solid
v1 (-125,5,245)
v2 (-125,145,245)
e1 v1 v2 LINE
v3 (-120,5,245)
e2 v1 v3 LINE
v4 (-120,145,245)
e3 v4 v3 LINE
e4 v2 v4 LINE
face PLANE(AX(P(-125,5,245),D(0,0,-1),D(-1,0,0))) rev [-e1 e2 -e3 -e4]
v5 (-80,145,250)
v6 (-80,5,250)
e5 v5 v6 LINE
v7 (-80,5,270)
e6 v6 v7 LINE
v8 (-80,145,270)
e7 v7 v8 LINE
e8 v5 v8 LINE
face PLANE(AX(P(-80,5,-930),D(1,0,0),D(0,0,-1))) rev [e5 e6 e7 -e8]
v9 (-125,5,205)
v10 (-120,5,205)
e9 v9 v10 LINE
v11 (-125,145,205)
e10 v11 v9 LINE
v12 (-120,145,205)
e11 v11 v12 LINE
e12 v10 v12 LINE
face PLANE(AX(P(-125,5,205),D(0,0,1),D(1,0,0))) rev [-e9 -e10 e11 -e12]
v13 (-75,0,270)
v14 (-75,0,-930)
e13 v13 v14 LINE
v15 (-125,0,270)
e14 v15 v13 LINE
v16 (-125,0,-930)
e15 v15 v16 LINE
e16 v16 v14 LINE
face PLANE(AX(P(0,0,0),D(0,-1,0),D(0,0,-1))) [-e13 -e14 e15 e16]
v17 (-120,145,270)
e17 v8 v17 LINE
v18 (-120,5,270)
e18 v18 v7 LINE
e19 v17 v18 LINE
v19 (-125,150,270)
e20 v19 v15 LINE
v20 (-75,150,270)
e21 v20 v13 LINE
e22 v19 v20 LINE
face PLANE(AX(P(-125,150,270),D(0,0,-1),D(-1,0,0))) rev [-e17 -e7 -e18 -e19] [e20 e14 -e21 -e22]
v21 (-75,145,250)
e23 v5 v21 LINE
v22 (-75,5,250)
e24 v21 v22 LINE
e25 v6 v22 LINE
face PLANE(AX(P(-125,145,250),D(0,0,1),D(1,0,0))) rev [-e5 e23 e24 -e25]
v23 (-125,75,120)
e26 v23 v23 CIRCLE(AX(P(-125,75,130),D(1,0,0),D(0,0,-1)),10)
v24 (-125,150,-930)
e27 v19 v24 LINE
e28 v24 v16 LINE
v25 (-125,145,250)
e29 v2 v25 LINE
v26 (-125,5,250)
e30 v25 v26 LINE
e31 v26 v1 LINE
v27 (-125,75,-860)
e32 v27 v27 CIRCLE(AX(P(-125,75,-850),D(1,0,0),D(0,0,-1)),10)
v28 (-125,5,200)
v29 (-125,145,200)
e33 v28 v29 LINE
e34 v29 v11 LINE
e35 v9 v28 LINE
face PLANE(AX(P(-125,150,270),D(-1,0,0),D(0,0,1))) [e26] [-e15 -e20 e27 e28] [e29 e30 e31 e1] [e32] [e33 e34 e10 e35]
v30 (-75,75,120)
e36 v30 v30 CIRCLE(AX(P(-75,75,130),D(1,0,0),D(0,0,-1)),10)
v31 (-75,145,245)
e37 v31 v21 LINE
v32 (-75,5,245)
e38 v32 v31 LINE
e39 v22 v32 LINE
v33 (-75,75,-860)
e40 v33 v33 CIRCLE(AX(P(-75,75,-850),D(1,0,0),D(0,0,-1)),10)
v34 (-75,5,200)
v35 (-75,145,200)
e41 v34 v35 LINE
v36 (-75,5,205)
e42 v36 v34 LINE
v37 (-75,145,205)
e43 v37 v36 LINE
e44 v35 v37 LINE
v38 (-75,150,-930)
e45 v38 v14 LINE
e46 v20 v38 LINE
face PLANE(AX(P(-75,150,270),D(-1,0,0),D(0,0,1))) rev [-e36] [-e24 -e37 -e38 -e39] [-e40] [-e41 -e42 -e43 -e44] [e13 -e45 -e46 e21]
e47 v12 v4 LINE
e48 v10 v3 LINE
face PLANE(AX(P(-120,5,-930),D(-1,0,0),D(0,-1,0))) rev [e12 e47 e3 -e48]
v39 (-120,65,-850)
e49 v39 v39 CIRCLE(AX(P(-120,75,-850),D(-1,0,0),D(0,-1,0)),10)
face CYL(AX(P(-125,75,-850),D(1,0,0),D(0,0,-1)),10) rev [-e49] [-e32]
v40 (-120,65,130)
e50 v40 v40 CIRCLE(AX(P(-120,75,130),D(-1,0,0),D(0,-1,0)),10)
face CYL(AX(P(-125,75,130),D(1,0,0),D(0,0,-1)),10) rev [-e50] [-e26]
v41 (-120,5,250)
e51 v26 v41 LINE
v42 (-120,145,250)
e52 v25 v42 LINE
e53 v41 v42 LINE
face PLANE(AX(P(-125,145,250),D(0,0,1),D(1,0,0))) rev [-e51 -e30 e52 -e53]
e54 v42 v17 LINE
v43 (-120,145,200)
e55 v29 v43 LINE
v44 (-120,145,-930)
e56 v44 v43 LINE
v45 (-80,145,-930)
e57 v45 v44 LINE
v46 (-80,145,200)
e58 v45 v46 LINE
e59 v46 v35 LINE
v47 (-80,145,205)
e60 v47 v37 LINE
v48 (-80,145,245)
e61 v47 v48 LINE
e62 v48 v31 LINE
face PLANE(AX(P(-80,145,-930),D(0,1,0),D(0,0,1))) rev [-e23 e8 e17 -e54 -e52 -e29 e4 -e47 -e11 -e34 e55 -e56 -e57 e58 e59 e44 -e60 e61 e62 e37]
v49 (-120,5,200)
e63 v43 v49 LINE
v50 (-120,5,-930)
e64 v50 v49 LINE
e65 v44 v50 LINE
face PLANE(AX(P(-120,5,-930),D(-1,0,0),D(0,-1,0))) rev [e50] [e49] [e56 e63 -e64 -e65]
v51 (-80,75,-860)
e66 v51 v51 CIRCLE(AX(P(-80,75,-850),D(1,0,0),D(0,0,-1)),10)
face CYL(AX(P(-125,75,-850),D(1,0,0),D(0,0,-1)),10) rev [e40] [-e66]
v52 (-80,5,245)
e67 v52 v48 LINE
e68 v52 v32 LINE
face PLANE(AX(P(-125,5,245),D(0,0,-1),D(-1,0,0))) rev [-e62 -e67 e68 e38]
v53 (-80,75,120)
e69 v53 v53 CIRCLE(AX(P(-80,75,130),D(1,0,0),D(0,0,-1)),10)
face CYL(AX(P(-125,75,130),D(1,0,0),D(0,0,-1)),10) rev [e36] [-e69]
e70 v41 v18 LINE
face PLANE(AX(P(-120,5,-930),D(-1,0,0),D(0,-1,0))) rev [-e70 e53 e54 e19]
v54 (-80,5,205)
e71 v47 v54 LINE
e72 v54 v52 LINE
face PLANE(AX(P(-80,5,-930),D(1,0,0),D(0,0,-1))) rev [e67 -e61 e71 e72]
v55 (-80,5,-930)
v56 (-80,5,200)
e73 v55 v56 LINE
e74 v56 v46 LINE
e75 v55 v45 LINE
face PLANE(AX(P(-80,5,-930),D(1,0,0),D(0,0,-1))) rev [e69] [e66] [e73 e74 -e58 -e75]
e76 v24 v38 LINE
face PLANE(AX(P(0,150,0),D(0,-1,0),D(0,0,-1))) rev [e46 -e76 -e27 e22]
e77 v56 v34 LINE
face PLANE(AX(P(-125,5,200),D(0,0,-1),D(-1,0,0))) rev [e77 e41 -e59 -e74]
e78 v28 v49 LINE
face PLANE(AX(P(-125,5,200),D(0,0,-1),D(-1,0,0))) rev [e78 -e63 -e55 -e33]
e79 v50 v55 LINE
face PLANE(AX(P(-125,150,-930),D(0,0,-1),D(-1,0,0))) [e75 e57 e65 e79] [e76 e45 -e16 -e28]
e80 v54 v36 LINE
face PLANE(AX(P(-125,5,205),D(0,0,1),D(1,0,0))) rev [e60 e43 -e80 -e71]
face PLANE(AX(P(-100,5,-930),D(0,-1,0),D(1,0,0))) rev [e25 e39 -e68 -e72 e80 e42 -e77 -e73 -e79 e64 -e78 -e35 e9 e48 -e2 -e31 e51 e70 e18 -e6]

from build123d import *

# Parameters (mm, degrees)
SKETCH1_W           = 50
SKETCH1_H           = 1200
BOSS_EXTRUDE1_DEPTH = 150
CUT_EXTRUDE4_DEPTH  = 1216.781641579
SKETCH18_W          = 5
SKETCH18_H          = 140
CUT_EXTRUDE6_DEPTH  = 944.345111823
SKETCH19_W          = 5
SKETCH19_H          = 140
CUT_EXTRUDE7_DEPTH  = 944.345111823
SKETCH20_R          = 10
CUT_EXTRUDE8_DEPTH  = 944.345111823


with BuildPart() as part:
    # Sketch1 → Boss-Extrude1 (new body)
    with BuildSketch(Plane(origin=(0, 0, 0), x_dir=(1, 0, 0), z_dir=(0, 1, 0))):
        with Locations((-100, 330)):
            Rectangle(SKETCH1_W, SKETCH1_H)
    extrude(amount=BOSS_EXTRUDE1_DEPTH)

    # Sketch16 → Cut-Extrude4 (cut, through all)
    with BuildSketch(Plane.XY.offset(270)):
        Polygon((-100, 5), (-120, 5), (-120, 145), (-80, 145), (-80, 5), align=None)
    extrude(amount=-CUT_EXTRUDE4_DEPTH, mode=Mode.SUBTRACT)

    # Sketch18 → Cut-Extrude6 (cut, through all)
    with BuildSketch(Plane(origin=(-75, 0, 0), x_dir=(0, 0, -1), z_dir=(1, 0, 0))):
        with Locations((-247.5, 75)):
            Rectangle(SKETCH18_W, SKETCH18_H)
    extrude(amount=-CUT_EXTRUDE6_DEPTH, mode=Mode.SUBTRACT)

    # Sketch19 → Cut-Extrude7 (cut, through all)
    with BuildSketch(Plane(origin=(-75, 0, 0), x_dir=(0, 0, -1), z_dir=(1, 0, 0))):
        with Locations((-202.5, 75)):
            Rectangle(SKETCH19_W, SKETCH19_H)
    extrude(amount=-CUT_EXTRUDE7_DEPTH, mode=Mode.SUBTRACT)

    # Sketch20 → Cut-Extrude8 (cut, through all)
    with BuildSketch(Plane(origin=(-75, 0, 0), x_dir=(0, 0, -1), z_dir=(1, 0, 0))):
        with Locations((-130, 75)):
            Circle(SKETCH20_R)
        with Locations((850, 75)):
            Circle(SKETCH20_R)
    extrude(amount=-CUT_EXTRUDE8_DEPTH, mode=Mode.SUBTRACT)


solid = part.part
